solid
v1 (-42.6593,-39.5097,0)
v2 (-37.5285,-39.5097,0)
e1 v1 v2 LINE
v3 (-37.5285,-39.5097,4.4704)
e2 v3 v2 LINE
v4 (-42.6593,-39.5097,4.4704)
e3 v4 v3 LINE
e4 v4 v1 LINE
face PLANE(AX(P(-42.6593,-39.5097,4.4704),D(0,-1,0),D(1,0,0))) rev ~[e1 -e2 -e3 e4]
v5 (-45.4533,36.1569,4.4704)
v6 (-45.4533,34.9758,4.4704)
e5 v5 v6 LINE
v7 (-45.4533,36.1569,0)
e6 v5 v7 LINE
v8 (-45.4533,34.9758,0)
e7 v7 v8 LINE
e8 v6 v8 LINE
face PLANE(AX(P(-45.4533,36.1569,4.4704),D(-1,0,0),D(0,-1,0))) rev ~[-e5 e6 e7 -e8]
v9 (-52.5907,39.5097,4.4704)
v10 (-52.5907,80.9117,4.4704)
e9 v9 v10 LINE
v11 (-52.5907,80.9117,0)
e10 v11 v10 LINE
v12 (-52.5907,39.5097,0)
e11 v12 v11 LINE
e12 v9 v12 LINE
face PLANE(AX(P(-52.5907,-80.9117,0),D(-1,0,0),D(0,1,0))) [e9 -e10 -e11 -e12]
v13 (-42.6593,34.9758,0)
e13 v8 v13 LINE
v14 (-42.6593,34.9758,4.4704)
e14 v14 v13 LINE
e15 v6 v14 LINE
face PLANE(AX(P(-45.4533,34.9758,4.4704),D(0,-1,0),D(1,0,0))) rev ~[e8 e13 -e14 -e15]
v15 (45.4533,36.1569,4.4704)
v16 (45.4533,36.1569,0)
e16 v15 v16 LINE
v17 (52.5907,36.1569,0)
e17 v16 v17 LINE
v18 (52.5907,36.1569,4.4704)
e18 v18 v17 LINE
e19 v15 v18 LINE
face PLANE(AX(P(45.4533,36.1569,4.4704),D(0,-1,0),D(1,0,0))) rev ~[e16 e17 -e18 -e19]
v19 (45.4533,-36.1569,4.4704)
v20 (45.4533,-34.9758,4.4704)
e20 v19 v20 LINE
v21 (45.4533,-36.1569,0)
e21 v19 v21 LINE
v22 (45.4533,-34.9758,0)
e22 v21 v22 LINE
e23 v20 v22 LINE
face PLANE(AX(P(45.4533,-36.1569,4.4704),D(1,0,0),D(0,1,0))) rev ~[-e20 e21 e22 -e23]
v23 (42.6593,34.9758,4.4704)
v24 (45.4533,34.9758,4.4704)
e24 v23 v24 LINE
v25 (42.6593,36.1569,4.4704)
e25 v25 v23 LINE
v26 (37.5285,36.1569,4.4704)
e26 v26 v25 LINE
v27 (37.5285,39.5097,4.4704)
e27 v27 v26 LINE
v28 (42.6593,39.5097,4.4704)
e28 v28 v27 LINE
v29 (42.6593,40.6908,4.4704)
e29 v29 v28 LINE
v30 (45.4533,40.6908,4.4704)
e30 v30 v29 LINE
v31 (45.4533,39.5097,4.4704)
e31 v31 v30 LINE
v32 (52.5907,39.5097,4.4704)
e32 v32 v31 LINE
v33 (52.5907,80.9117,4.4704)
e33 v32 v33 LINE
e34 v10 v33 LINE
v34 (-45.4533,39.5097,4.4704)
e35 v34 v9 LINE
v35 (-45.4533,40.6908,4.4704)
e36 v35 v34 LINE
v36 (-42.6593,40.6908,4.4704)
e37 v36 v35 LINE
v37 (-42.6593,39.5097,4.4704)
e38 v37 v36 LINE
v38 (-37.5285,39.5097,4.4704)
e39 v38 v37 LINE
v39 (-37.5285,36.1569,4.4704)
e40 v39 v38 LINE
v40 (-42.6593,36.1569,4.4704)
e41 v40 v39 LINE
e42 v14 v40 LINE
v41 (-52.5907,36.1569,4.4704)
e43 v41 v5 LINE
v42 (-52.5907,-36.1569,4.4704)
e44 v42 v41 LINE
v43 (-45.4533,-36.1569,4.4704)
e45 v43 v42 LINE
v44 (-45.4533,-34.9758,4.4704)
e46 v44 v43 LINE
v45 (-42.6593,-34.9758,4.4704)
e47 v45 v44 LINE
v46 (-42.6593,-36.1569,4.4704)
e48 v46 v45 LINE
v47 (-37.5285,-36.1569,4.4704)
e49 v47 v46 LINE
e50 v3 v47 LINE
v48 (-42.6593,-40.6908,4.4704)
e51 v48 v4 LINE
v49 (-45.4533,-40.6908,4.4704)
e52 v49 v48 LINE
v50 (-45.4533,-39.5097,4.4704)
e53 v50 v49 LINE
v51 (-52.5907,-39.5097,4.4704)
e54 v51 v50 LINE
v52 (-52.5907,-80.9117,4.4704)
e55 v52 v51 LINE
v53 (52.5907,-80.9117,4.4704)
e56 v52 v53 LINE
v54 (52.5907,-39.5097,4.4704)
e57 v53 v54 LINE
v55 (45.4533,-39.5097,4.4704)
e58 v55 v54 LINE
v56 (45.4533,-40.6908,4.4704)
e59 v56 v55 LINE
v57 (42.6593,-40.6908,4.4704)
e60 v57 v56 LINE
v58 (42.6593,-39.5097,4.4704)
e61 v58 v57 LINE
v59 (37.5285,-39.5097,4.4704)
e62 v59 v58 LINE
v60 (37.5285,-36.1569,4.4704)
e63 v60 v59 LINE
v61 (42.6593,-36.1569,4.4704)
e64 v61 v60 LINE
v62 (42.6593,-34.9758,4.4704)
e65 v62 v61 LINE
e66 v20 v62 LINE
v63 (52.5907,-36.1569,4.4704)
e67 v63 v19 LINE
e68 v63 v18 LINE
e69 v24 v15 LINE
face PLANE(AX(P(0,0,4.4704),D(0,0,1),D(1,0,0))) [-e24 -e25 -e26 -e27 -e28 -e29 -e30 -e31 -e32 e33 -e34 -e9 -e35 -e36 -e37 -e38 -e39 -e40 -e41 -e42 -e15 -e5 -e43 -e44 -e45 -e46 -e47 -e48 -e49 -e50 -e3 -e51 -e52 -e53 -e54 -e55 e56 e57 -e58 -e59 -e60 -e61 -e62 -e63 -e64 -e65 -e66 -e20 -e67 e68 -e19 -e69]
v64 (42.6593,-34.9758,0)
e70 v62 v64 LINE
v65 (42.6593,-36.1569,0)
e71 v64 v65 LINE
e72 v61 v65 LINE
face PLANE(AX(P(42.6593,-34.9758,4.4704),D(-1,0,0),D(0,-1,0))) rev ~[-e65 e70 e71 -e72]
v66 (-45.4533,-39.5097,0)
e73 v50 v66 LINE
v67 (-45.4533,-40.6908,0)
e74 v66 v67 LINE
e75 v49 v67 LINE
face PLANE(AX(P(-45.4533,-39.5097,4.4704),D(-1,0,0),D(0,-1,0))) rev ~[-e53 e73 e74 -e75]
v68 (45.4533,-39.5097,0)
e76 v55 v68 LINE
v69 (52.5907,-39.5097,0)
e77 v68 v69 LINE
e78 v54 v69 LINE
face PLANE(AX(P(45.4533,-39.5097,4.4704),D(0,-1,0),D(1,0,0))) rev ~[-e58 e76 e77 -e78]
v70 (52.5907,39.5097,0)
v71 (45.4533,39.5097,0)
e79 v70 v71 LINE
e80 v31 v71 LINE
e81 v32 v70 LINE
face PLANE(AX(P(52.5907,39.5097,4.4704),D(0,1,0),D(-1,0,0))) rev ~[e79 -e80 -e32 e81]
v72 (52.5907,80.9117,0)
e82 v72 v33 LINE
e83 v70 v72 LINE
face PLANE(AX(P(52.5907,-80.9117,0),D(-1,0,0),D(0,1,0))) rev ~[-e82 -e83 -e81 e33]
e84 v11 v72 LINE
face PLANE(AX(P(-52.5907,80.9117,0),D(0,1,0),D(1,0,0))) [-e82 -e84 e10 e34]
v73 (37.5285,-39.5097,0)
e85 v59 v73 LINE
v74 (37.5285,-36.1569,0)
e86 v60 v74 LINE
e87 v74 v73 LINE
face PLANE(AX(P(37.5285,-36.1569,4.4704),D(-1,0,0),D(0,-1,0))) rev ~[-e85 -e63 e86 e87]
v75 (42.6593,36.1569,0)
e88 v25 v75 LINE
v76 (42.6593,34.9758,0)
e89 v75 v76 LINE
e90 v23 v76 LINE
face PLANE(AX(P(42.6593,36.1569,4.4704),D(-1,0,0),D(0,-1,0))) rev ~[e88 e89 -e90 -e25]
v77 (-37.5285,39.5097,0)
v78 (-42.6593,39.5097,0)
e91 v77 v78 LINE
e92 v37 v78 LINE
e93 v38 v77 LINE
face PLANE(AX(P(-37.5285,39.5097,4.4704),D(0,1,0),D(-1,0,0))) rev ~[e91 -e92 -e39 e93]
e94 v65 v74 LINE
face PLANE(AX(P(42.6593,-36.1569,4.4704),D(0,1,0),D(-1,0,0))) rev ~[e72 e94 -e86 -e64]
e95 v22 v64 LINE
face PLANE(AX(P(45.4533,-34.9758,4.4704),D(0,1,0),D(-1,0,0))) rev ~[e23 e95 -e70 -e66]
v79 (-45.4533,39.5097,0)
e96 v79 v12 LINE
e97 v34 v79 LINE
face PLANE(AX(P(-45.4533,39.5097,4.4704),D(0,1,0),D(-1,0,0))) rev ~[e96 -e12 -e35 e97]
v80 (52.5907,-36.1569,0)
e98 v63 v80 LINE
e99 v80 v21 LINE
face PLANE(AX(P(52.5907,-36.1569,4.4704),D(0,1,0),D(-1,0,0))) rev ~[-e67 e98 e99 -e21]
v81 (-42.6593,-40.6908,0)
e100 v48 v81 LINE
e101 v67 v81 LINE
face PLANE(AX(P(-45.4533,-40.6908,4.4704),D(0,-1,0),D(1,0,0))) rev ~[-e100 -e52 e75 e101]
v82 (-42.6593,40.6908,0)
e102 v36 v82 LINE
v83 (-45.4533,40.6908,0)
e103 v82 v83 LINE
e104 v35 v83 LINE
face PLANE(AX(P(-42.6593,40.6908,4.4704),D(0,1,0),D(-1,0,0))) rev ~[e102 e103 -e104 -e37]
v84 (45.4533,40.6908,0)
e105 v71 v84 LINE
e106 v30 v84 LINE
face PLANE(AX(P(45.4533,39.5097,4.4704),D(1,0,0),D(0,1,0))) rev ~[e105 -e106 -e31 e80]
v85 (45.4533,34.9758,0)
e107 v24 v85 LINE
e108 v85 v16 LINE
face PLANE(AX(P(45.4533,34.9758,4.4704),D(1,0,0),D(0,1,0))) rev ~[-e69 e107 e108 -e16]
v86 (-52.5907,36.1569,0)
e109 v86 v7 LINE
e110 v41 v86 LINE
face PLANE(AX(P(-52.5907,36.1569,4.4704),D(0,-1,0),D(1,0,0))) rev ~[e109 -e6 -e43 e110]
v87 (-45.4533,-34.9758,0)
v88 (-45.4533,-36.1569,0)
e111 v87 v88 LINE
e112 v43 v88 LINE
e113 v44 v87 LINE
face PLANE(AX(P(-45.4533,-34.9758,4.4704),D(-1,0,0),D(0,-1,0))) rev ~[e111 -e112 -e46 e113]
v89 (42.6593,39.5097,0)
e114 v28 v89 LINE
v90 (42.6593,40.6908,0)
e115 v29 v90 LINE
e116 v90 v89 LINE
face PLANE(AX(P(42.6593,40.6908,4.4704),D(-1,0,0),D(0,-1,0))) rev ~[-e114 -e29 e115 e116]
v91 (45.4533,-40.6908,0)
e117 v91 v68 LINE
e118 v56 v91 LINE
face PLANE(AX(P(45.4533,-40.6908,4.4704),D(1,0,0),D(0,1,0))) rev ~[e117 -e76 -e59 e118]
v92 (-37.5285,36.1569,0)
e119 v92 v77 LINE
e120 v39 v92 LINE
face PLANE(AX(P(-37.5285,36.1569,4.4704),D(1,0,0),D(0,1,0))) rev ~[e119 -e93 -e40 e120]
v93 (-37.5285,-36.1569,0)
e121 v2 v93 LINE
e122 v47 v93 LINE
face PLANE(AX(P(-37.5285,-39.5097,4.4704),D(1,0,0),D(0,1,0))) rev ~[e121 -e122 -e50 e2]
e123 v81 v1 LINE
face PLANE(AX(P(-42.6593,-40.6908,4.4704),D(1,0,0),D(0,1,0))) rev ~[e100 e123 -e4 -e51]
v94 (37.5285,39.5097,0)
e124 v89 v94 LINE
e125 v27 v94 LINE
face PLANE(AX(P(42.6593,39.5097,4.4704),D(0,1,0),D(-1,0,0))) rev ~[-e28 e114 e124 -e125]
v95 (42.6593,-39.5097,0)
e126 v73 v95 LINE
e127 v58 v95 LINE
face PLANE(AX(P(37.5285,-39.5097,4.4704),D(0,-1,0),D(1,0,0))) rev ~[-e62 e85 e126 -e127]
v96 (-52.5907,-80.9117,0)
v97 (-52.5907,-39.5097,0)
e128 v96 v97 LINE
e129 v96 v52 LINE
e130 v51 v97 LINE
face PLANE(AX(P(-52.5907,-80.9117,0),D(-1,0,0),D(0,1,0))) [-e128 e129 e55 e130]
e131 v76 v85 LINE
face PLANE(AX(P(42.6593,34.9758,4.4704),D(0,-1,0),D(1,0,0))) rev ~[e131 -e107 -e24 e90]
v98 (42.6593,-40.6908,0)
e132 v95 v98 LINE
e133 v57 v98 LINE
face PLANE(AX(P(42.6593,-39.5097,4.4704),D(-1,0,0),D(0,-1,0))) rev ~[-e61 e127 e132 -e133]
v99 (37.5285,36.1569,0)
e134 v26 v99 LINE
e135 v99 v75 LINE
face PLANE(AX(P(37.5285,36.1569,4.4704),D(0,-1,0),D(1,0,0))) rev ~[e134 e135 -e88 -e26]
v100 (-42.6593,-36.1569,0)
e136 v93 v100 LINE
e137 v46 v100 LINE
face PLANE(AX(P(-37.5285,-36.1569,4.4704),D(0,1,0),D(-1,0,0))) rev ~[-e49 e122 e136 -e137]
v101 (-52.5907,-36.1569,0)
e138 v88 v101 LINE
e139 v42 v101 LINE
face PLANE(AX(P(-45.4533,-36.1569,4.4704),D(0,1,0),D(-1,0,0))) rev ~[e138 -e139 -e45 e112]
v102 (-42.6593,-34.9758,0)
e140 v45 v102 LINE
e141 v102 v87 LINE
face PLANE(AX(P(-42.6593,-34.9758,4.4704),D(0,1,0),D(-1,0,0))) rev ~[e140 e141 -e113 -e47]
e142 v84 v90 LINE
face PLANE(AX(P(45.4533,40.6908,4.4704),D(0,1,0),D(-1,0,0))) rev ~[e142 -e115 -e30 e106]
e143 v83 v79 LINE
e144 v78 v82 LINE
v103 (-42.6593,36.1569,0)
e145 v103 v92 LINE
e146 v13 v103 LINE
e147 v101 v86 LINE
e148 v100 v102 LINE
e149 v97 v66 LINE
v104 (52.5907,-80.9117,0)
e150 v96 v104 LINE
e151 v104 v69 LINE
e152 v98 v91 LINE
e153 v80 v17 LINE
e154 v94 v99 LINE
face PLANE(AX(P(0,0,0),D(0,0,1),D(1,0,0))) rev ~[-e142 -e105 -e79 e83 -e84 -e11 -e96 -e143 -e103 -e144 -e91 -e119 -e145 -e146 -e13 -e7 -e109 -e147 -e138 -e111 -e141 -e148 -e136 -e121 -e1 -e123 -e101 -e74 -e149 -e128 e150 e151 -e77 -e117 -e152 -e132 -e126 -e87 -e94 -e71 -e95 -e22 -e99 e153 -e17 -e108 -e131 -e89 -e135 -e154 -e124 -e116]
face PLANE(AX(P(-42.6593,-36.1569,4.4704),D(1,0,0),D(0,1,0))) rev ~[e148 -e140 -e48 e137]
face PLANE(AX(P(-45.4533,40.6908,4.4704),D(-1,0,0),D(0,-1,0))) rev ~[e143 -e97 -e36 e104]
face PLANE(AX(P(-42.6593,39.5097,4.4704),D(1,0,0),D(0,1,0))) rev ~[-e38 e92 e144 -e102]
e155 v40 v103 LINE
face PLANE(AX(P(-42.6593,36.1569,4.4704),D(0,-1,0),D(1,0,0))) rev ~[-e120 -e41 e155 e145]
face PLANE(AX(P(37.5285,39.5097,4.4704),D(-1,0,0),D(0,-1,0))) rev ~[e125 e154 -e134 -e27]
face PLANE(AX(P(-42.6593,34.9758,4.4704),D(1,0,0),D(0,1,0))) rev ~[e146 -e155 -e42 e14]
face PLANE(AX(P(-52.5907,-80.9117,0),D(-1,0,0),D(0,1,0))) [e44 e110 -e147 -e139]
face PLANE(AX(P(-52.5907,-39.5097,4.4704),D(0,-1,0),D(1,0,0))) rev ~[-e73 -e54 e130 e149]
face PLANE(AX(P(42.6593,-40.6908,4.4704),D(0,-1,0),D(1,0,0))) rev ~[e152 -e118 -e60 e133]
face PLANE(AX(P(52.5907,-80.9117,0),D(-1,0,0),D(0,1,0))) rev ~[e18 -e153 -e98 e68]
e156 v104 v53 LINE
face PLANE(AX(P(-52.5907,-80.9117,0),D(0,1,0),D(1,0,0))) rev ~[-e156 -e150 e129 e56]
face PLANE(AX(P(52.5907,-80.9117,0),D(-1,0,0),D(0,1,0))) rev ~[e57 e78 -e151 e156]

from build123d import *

# Parameters (mm, degrees)
F0_W     = 105.1814
F0_H     = 161.8234
F1_DEPTH = 4.4704
F3_DEPTH = 4.4704


with BuildPart() as f1:
    # F0 (on Top) → F1 (new body)
    with BuildSketch(Plane.XY):
        Rectangle(F0_W, F0_H)
    extrude(amount=F1_DEPTH)

    # F2 (on face) → F3 (cut, through all)
    with BuildSketch(Plane.XY.offset(4.4704)):
        Polygon((-45.4533, 39.5097), (-52.5907, 39.5097), (-52.5907, 36.1569), (-45.4533, 36.1569), (-45.4533, 34.9758), (-42.6593, 34.9758), (-42.6593, 36.1569), (-37.5285, 36.1569), (-37.5285, 39.5097), (-42.6593, 39.5097), (-42.6593, 40.6908), (-45.4533, 40.6908), align=None)
        Polygon((-45.4533, -39.5097), (-45.4533, -40.6908), (-42.6593, -40.6908), (-42.6593, -39.5097), (-37.5285, -39.5097), (-37.5285, -36.1569), (-42.6593, -36.1569), (-42.6593, -34.9758), (-45.4533, -34.9758), (-45.4533, -36.1569), (-52.5907, -36.1569), (-52.5907, -39.5097), align=None)
        Polygon((42.6593, 40.6908), (42.6593, 39.5097), (37.5285, 39.5097), (37.5285, 36.1569), (42.6593, 36.1569), (42.6593, 34.9758), (45.4533, 34.9758), (45.4533, 36.1569), (52.5907, 36.1569), (52.5907, 39.5097), (45.4533, 39.5097), (45.4533, 40.6908), align=None)
        Polygon((42.6593, -40.6908), (45.4533, -40.6908), (45.4533, -39.5097), (52.5907, -39.5097), (52.5907, -36.1569), (45.4533, -36.1569), (45.4533, -34.9758), (42.6593, -34.9758), (42.6593, -36.1569), (37.5285, -36.1569), (37.5285, -39.5097), (42.6593, -39.5097), align=None)
    extrude(amount=-F3_DEPTH, mode=Mode.SUBTRACT)


solid = f1.part
